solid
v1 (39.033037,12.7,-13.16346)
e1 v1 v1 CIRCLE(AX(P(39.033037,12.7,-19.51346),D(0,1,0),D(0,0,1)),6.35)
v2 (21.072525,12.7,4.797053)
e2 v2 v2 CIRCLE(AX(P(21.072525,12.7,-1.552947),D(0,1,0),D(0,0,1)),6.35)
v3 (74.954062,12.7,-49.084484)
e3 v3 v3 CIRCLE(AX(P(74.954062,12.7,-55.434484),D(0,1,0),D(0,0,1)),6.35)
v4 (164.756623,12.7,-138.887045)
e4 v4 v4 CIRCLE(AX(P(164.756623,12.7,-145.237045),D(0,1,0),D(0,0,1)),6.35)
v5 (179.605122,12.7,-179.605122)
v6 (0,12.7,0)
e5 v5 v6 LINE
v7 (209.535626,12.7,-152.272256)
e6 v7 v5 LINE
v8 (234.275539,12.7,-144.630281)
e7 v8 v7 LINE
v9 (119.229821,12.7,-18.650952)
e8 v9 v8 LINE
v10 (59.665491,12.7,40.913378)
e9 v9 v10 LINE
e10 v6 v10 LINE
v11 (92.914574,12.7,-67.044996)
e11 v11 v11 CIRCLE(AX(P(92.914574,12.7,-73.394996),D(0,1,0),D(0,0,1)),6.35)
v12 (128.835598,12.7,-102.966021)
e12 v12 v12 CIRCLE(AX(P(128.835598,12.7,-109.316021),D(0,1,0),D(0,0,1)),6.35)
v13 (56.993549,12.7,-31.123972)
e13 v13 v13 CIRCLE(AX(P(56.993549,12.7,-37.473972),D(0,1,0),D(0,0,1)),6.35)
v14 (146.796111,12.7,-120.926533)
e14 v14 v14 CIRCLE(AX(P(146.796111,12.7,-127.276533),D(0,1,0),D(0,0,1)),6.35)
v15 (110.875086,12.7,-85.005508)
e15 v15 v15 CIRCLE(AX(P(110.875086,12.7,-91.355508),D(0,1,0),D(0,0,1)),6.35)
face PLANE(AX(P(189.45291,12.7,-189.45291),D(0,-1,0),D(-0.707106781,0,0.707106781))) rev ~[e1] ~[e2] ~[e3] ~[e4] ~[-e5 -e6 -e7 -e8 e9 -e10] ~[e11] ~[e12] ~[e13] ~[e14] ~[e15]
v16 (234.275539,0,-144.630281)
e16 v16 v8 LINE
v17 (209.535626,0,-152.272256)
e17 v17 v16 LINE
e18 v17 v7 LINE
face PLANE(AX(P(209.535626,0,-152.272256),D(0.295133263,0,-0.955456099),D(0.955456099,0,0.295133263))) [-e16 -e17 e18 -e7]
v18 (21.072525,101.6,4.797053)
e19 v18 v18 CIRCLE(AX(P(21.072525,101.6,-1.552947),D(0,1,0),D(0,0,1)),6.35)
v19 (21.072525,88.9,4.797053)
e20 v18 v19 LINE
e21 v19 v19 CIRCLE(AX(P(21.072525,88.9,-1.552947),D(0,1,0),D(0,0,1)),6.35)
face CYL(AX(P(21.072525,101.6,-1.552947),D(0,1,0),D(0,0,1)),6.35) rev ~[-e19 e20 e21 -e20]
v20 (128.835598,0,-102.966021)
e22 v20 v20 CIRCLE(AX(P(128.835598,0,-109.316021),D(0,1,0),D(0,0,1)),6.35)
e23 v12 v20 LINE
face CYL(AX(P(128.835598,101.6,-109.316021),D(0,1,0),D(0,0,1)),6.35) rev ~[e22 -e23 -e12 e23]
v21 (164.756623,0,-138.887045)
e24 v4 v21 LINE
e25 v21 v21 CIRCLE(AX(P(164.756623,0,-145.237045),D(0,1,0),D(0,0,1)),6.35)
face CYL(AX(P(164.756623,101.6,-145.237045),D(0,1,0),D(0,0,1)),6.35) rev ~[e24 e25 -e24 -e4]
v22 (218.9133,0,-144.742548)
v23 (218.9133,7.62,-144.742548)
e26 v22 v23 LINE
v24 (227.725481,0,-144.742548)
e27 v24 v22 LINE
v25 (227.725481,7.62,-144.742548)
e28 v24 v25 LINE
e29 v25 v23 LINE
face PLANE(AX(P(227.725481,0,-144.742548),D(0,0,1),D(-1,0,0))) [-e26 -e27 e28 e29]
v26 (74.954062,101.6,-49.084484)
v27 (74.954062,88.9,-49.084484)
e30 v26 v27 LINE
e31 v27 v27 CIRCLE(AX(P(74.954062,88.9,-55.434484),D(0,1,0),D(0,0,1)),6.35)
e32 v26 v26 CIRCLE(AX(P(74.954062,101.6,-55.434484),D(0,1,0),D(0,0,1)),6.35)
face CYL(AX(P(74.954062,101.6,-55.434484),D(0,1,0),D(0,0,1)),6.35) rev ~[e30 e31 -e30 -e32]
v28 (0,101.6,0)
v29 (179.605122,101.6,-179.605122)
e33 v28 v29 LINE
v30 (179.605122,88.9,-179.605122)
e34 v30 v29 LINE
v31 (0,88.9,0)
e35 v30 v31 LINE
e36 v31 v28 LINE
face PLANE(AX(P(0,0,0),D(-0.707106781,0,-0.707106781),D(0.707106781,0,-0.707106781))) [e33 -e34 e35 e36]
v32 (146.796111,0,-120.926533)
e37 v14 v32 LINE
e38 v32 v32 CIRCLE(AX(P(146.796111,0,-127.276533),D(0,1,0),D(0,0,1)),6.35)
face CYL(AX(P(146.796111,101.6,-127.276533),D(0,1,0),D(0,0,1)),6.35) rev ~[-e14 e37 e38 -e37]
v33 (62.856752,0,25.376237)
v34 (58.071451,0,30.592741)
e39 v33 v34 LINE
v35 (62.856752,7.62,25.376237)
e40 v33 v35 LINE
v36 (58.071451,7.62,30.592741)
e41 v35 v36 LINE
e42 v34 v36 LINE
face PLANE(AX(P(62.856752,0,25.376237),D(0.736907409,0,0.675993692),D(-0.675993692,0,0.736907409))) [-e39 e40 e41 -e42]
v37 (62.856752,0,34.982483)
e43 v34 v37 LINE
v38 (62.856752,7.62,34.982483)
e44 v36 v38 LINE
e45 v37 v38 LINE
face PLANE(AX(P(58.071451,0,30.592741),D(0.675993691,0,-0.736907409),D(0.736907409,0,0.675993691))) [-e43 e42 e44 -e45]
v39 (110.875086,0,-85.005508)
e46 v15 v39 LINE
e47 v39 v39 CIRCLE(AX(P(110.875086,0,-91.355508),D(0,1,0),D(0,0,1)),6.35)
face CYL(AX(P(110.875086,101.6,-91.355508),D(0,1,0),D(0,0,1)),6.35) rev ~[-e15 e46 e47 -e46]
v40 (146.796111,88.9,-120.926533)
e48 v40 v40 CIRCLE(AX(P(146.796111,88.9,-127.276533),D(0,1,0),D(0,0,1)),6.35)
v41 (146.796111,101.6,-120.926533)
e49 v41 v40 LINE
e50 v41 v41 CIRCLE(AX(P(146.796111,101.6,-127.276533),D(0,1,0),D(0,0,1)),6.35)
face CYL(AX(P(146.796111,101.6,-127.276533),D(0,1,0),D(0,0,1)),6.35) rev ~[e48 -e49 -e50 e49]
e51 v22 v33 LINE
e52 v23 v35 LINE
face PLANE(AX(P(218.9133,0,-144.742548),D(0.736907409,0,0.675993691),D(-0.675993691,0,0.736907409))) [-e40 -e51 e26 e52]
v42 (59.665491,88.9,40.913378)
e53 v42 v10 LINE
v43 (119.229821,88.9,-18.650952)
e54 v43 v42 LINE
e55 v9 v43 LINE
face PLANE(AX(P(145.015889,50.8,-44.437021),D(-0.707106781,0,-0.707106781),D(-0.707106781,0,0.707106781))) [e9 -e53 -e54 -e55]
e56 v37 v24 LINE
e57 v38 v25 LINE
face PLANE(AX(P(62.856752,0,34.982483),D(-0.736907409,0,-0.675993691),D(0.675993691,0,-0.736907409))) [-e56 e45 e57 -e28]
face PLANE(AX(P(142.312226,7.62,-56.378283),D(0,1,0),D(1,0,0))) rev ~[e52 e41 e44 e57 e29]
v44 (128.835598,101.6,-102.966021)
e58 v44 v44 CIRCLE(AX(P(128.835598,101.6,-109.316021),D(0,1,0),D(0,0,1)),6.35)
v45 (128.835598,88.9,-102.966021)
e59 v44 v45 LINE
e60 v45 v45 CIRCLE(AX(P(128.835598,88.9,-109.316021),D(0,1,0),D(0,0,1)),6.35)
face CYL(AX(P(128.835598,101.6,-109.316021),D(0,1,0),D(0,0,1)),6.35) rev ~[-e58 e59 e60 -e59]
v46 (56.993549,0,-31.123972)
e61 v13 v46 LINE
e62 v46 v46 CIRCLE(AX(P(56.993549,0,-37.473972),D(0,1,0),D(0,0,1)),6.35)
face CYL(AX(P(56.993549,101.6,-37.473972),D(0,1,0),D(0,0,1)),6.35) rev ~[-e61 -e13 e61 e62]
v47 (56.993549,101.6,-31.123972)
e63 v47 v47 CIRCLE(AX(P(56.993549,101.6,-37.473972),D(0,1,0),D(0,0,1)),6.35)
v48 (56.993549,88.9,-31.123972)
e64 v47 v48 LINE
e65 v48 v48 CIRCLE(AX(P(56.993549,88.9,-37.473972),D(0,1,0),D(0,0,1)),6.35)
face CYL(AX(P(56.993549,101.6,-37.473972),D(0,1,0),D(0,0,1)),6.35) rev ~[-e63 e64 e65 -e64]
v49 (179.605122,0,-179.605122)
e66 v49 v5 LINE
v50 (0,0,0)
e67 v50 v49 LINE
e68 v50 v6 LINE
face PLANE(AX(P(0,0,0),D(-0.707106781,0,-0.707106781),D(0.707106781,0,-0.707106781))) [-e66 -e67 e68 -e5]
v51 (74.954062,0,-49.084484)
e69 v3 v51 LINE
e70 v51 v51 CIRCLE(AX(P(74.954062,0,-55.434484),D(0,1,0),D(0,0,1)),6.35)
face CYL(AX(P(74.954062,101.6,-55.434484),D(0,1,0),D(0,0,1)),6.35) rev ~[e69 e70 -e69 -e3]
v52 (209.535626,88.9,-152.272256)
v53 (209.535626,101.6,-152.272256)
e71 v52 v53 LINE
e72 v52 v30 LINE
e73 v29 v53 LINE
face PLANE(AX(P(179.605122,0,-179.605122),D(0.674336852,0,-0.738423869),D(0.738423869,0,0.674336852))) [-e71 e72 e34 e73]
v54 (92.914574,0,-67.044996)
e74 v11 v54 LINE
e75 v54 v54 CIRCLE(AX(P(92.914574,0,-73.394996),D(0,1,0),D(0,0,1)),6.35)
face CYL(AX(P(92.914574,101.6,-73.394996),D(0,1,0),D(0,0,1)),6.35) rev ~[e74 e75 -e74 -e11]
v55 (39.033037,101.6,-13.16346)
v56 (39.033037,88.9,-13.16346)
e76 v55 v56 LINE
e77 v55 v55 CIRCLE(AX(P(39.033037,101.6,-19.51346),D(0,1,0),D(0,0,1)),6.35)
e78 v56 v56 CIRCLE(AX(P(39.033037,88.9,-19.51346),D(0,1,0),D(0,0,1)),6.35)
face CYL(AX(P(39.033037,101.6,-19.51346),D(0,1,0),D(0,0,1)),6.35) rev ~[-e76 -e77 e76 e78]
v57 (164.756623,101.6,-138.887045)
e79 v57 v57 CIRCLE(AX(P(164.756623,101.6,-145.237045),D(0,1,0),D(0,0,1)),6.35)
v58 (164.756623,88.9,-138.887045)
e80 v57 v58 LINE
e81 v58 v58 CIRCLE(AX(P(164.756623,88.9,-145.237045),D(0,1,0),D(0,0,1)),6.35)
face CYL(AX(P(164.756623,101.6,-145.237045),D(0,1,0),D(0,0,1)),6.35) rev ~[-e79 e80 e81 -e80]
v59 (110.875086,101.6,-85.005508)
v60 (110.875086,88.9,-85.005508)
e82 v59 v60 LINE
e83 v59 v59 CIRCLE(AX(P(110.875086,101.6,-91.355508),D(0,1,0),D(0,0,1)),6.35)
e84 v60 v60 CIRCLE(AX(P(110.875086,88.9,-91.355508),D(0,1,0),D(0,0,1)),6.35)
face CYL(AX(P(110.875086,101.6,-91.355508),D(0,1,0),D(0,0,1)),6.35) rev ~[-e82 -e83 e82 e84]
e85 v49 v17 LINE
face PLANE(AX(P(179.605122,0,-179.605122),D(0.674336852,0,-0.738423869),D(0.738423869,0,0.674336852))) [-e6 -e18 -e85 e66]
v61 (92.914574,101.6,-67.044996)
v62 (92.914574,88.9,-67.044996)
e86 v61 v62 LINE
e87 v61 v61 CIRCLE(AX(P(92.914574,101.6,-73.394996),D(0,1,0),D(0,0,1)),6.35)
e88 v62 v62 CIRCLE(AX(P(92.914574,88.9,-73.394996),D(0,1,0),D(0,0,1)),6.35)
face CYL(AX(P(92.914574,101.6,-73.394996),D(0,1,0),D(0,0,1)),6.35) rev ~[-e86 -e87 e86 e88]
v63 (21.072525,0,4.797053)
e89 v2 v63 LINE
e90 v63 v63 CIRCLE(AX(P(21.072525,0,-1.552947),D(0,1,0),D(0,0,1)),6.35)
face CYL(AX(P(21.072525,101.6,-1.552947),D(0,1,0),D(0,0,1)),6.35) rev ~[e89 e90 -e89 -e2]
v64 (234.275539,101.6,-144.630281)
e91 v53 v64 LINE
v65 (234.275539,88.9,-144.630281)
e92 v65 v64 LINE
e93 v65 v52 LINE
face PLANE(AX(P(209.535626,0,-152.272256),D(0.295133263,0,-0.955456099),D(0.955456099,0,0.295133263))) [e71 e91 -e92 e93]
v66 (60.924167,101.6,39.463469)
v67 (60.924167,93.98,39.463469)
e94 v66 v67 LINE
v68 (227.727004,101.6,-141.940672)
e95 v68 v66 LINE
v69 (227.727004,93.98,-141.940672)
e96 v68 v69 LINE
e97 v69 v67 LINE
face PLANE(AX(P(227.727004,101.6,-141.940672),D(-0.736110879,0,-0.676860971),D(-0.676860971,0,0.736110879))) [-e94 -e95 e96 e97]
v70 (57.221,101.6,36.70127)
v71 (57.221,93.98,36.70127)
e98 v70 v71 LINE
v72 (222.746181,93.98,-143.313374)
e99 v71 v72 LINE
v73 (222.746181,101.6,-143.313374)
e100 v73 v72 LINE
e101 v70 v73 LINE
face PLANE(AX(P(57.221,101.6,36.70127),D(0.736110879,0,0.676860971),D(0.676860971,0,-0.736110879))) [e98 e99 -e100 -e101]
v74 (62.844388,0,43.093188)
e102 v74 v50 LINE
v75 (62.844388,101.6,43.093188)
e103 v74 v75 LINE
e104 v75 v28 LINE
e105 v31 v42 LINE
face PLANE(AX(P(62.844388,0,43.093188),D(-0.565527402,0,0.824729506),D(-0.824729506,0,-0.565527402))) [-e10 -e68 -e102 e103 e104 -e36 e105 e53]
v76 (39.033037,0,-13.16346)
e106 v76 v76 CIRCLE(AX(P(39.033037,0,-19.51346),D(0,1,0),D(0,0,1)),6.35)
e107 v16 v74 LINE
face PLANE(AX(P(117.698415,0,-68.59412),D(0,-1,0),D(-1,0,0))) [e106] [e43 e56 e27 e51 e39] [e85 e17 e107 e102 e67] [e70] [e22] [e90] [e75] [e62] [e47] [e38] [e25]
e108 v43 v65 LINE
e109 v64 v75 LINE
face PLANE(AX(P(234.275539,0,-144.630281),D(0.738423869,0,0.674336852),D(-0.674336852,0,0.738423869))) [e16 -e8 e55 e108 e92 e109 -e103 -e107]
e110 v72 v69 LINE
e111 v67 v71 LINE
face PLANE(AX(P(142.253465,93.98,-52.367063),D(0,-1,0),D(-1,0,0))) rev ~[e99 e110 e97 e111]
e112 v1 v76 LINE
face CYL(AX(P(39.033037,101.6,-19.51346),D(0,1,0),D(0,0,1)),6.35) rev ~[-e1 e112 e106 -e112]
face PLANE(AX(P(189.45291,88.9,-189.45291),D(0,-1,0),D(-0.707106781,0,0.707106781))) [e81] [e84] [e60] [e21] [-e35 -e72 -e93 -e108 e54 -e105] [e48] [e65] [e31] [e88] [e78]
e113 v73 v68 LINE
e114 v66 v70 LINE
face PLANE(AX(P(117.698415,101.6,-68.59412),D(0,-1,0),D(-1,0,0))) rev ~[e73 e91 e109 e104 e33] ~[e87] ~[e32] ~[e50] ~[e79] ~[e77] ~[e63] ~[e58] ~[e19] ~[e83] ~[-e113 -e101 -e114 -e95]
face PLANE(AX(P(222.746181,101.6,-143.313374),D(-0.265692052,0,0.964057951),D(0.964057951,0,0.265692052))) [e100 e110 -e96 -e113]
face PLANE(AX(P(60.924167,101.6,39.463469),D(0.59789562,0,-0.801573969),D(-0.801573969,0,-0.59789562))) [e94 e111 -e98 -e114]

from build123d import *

# Parameters (mm, degrees)
BOSS_EXTRUDE1_DEPTH = 101.6
SKETCH2_W           = 267.926874414
SKETCH2_H           = 76.2
CUT_EXTRUDE1_DEPTH  = 71.12
SKETCH3_R           = 6.35
CUT_EXTRUDE3_DEPTH  = 313.194791695
CUT_EXTRUDE4_DEPTH  = 7.62
CUT_EXTRUDE5_DEPTH  = 7.62


with BuildPart() as part:
    # Sketch1 → Boss-Extrude1 (new body)
    with BuildSketch(Plane(origin=(0, 0, 0), x_dir=(1, 0, 0), z_dir=(0, 1, 0))):
        Polygon((0, 0), (179.605122421, 179.605122421), (209.535625582, 152.272255569), (234.275538547, 144.630280974), (62.844388347, -43.093188015), align=None)
    extrude(amount=BOSS_EXTRUDE1_DEPTH)

    # Sketch2 → Cut-Extrude1 (cut)
    with BuildSketch(Plane(origin=(0, 0, 0), x_dir=(-0.7071067811865464, 0, 0.7071067811865487), z_dir=(-0.7071067811865487, 0, -0.7071067811865464))):
        with Locations((-133.963437207, 50.8)):
            Rectangle(SKETCH2_W, SKETCH2_H)
    extrude(amount=-CUT_EXTRUDE1_DEPTH, mode=Mode.SUBTRACT)

    # Sketch3 → Cut-Extrude3 (cut, through all)
    with BuildSketch(Plane(origin=(0, 101.6, 0), x_dir=(1, 0, 0), z_dir=(0, 1, 0))):
        with Locations(Location((21.07252481, 1.552947287, 0), (0, 0, 270))):
            Circle(SKETCH3_R)
        with Locations(Location((39.033037052, 19.513459529, 0), (0, 0, 270))):
            Circle(SKETCH3_R)
        with Locations(Location((56.993549294, 37.473971772, 0), (0, 0, 270))):
            Circle(SKETCH3_R)
        with Locations(Location((74.954061536, 55.434484014, 0), (0, 0, 270))):
            Circle(SKETCH3_R)
        with Locations(Location((92.914573778, 73.394996256, 0), (0, 0, 270))):
            Circle(SKETCH3_R)
        with Locations(Location((110.87508602, 91.355508498, 0), (0, 0, 270))):
            Circle(SKETCH3_R)
        with Locations(Location((128.835598263, 109.31602074, 0), (0, 0, 270))):
            Circle(SKETCH3_R)
        with Locations(Location((146.796110505, 127.276532982, 0), (0, 0, 270))):
            Circle(SKETCH3_R)
        with Locations(Location((164.756622747, 145.237045224, 0), (0, 0, 270))):
            Circle(SKETCH3_R)
    extrude(amount=-CUT_EXTRUDE3_DEPTH, mode=Mode.SUBTRACT)

    # Sketch4 → Cut-Extrude4 (cut)
    with BuildSketch(Plane(origin=(0, 101.6, 0), x_dir=(1, 0, 0), z_dir=(0, 1, 0))):
        Polygon((57.221000047, -36.701269589), (222.746181499, 143.313374464), (227.72700376, 141.940671831), (60.924166757, -39.463469017), align=None)
    extrude(amount=-CUT_EXTRUDE4_DEPTH, mode=Mode.SUBTRACT)

    # Sketch5 → Cut-Extrude5 (cut)
    with BuildSketch(Plane(origin=(0, 0, 0), x_dir=(-1, 0, 0), z_dir=(0, -1, 0))):
        Polygon((-218.913299563, 144.742548401), (-62.856752097, -25.376237408), (-58.071451081, -30.592741372), (-62.856752097, -34.982483231), (-227.725480711, 144.742548401), align=None)
    extrude(amount=-CUT_EXTRUDE5_DEPTH, mode=Mode.SUBTRACT)


solid = part.part
